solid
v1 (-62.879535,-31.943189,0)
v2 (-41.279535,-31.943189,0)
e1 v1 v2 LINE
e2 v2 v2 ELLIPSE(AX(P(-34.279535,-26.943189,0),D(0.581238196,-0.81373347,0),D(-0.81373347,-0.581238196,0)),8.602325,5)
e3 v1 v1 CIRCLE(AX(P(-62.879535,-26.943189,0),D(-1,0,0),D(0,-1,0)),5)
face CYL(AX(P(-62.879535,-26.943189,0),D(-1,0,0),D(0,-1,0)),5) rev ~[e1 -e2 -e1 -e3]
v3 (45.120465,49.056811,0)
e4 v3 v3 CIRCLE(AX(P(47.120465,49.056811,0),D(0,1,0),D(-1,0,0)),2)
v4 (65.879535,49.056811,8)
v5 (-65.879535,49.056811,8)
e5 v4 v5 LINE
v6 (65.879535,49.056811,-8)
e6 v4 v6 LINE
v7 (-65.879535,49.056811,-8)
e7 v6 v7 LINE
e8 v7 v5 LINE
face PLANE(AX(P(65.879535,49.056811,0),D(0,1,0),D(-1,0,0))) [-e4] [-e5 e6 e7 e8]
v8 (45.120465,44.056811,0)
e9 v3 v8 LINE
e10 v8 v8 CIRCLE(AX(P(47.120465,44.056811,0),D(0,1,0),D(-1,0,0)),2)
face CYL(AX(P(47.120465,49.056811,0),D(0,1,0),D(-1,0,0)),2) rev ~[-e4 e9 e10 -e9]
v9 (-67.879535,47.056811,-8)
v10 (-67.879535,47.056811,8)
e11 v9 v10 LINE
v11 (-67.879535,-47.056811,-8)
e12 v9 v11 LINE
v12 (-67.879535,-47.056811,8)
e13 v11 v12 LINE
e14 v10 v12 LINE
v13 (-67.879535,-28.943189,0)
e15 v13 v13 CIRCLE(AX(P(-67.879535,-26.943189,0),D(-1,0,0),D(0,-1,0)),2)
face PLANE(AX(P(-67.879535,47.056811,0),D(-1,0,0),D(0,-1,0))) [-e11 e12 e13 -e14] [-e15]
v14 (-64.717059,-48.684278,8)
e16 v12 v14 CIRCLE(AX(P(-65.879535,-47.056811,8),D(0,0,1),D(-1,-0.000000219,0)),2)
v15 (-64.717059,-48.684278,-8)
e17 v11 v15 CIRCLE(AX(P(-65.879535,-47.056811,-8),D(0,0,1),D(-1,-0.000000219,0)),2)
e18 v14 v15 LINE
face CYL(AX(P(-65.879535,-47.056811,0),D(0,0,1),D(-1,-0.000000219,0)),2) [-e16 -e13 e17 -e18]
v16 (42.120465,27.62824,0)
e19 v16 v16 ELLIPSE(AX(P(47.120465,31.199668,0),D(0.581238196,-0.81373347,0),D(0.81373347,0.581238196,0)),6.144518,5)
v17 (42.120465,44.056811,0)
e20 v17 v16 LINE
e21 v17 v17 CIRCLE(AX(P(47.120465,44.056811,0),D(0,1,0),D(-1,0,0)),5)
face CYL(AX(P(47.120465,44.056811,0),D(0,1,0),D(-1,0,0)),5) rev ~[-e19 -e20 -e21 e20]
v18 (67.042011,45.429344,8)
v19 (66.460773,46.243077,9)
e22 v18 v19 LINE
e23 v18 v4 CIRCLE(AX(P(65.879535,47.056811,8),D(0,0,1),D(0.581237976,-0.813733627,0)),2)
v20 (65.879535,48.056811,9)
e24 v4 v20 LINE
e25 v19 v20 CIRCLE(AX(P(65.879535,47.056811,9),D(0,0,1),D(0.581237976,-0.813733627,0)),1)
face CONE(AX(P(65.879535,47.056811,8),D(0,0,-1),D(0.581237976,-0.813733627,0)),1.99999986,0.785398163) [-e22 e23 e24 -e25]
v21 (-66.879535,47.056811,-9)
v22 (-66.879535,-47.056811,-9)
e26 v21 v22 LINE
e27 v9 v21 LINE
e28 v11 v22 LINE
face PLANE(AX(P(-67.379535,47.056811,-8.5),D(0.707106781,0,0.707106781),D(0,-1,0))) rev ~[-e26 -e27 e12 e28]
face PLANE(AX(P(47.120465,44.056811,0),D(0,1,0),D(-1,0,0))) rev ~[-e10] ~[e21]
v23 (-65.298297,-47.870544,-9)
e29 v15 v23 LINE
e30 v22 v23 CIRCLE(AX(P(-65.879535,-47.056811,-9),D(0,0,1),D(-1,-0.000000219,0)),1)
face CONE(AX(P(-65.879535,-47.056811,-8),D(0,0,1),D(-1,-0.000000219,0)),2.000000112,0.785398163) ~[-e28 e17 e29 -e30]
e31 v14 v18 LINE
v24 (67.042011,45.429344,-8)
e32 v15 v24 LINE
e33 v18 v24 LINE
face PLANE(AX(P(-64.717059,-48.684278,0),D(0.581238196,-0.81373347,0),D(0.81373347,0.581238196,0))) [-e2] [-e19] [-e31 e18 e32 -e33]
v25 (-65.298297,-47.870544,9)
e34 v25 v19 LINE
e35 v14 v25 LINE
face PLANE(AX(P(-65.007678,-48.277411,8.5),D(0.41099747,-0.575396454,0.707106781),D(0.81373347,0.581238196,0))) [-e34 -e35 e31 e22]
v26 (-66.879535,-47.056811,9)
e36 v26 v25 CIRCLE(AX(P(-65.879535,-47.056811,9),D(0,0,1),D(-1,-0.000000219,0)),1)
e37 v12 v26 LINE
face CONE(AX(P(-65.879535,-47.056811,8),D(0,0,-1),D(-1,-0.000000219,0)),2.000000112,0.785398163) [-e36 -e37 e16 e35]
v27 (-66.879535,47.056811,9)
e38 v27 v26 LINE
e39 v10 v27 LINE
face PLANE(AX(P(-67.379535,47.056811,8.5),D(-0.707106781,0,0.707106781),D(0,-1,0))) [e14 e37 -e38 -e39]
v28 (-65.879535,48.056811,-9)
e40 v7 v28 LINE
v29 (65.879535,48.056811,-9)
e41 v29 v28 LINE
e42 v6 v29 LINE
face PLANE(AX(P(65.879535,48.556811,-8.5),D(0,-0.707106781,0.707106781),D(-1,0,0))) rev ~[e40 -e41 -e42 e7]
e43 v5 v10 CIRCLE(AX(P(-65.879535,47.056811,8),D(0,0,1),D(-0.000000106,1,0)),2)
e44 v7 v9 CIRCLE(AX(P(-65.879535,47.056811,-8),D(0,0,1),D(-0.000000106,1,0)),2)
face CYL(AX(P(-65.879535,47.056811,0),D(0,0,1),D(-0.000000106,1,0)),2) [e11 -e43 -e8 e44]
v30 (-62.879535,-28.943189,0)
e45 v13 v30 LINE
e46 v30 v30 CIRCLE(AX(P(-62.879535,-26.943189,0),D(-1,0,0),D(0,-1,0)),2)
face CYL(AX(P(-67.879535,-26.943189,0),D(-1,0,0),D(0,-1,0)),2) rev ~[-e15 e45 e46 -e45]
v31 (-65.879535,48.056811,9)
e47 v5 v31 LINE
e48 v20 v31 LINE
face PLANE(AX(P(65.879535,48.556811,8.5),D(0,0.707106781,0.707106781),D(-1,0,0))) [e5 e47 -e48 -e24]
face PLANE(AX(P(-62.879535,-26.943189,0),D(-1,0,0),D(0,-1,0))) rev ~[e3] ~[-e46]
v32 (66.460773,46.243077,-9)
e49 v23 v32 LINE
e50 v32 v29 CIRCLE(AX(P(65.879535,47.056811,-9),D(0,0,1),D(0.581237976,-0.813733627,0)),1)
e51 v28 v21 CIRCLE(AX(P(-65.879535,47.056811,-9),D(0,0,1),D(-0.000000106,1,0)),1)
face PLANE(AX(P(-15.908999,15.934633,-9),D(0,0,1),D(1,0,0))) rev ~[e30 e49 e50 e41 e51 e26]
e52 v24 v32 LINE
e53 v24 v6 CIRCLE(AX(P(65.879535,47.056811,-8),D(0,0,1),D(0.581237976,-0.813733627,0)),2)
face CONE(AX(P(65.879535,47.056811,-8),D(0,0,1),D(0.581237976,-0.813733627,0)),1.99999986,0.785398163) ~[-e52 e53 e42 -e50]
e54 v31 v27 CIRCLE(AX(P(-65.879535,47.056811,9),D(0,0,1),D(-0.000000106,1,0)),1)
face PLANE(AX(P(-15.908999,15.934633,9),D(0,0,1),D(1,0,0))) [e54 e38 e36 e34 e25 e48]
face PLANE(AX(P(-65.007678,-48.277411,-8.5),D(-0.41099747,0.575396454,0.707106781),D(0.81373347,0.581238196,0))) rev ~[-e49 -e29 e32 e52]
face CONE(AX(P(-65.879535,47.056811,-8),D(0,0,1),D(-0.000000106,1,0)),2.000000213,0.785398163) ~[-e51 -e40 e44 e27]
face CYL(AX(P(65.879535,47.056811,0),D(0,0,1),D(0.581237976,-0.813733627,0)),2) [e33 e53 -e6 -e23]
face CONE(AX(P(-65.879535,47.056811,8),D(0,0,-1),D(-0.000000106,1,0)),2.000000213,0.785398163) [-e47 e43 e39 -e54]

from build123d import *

# Parameters (mm, degrees)
PAD_DEPTH       = 9
SKETCH001_R     = 2
POCKET_DEPTH    = 135.76007
SKETCH002_R     = 2
POCKET001_DEPTH = 98.114621
SKETCH003_R     = 5
POCKET002_DEPTH = 93.114621
SKETCH004_R     = 5
POCKET003_DEPTH = 130.76007
CHAMFER_SIZE    = 1


with BuildPart() as part:
    # Sketch → Pad (new body, symmetric)
    with BuildSketch(Plane.XY):
        with BuildLine():
            Line((65.879535, 49.056811), (-65.879535, 49.056811))
            ThreePointArc((-65.879535, 49.056811), (-67.293749, 48.471024), (-67.879535, 47.056811))
            Line((-67.879535, 47.056811), (-67.879535, -47.056811))
            ThreePointArc((-67.879535, -47.056811), (-66.794698, -48.835146), (-64.717059, -48.684278))
            Line((-64.717059, -48.684278), (67.042011, 45.429344))
            ThreePointArc((67.042011, 45.429344), (67.784126, 47.667166), (65.879535, 49.056811))
        make_face()
    extrude(amount=PAD_DEPTH, both=True)

    # Sketch001 (on Face3 of Pad) → Pocket (cut, through all)
    with BuildSketch(Plane(origin=(-67.879535, 0, 0), x_dir=(0, -1, 0), z_dir=(-1, 0, 0))):
        with Locations((26.943189, 0)):
            Circle(SKETCH001_R)
    extrude(amount=-POCKET_DEPTH, mode=Mode.SUBTRACT)

    # Sketch002 (on Face1 of Pocket) → Pocket001 (cut, through all)
    with BuildSketch(Plane(origin=(0, 49.056811, 0), x_dir=(-1, 0, 0), z_dir=(0, 1, 0))):
        with Locations((-47.120465, 0)):
            Circle(SKETCH002_R)
    extrude(amount=-POCKET001_DEPTH, mode=Mode.SUBTRACT)

    # Sketch003 (on Face1 of Pocket001) → Pocket002 (cut, through all)
    with BuildSketch(Plane(origin=(0, 44.056811, 0), x_dir=(-1, 0, 0), z_dir=(0, 1, 0))):
        with Locations((-47.120465, 0)):
            Circle(SKETCH003_R)
    extrude(amount=-POCKET002_DEPTH, mode=Mode.SUBTRACT)

    # Sketch004 (on Face8 of Pocket002) → Pocket003 (cut, through all)
    with BuildSketch(Plane(origin=(-62.879535, 0, 0), x_dir=(0, -1, 0), z_dir=(-1, 0, 0))):
        with Locations((26.943189, 0)):
            Circle(SKETCH004_R)
    extrude(amount=-POCKET003_DEPTH, mode=Mode.SUBTRACT)

    # Chamfer
    chamfer_edges = [part.edges().sort_by_distance(p)[0] for p in [
        (0, 49.056811, 9),
        (-67.293749, 48.471024, 9),
        (-67.879535, 0, 9),
        (-66.794698, -48.835146, 9),
        (1.162476, -1.627467, 9),
        (67.784126, 47.667166, 9),
        (0, 49.056811, -9),
        (-67.293749, 48.471024, -9),
        (-67.879535, 0, -9),
        (-66.794698, -48.835146, -9),
        (1.162476, -1.627467, -9),
        (67.784126, 47.667166, -9),
    ]]
    chamfer(chamfer_edges, length=CHAMFER_SIZE)


solid = part.part
